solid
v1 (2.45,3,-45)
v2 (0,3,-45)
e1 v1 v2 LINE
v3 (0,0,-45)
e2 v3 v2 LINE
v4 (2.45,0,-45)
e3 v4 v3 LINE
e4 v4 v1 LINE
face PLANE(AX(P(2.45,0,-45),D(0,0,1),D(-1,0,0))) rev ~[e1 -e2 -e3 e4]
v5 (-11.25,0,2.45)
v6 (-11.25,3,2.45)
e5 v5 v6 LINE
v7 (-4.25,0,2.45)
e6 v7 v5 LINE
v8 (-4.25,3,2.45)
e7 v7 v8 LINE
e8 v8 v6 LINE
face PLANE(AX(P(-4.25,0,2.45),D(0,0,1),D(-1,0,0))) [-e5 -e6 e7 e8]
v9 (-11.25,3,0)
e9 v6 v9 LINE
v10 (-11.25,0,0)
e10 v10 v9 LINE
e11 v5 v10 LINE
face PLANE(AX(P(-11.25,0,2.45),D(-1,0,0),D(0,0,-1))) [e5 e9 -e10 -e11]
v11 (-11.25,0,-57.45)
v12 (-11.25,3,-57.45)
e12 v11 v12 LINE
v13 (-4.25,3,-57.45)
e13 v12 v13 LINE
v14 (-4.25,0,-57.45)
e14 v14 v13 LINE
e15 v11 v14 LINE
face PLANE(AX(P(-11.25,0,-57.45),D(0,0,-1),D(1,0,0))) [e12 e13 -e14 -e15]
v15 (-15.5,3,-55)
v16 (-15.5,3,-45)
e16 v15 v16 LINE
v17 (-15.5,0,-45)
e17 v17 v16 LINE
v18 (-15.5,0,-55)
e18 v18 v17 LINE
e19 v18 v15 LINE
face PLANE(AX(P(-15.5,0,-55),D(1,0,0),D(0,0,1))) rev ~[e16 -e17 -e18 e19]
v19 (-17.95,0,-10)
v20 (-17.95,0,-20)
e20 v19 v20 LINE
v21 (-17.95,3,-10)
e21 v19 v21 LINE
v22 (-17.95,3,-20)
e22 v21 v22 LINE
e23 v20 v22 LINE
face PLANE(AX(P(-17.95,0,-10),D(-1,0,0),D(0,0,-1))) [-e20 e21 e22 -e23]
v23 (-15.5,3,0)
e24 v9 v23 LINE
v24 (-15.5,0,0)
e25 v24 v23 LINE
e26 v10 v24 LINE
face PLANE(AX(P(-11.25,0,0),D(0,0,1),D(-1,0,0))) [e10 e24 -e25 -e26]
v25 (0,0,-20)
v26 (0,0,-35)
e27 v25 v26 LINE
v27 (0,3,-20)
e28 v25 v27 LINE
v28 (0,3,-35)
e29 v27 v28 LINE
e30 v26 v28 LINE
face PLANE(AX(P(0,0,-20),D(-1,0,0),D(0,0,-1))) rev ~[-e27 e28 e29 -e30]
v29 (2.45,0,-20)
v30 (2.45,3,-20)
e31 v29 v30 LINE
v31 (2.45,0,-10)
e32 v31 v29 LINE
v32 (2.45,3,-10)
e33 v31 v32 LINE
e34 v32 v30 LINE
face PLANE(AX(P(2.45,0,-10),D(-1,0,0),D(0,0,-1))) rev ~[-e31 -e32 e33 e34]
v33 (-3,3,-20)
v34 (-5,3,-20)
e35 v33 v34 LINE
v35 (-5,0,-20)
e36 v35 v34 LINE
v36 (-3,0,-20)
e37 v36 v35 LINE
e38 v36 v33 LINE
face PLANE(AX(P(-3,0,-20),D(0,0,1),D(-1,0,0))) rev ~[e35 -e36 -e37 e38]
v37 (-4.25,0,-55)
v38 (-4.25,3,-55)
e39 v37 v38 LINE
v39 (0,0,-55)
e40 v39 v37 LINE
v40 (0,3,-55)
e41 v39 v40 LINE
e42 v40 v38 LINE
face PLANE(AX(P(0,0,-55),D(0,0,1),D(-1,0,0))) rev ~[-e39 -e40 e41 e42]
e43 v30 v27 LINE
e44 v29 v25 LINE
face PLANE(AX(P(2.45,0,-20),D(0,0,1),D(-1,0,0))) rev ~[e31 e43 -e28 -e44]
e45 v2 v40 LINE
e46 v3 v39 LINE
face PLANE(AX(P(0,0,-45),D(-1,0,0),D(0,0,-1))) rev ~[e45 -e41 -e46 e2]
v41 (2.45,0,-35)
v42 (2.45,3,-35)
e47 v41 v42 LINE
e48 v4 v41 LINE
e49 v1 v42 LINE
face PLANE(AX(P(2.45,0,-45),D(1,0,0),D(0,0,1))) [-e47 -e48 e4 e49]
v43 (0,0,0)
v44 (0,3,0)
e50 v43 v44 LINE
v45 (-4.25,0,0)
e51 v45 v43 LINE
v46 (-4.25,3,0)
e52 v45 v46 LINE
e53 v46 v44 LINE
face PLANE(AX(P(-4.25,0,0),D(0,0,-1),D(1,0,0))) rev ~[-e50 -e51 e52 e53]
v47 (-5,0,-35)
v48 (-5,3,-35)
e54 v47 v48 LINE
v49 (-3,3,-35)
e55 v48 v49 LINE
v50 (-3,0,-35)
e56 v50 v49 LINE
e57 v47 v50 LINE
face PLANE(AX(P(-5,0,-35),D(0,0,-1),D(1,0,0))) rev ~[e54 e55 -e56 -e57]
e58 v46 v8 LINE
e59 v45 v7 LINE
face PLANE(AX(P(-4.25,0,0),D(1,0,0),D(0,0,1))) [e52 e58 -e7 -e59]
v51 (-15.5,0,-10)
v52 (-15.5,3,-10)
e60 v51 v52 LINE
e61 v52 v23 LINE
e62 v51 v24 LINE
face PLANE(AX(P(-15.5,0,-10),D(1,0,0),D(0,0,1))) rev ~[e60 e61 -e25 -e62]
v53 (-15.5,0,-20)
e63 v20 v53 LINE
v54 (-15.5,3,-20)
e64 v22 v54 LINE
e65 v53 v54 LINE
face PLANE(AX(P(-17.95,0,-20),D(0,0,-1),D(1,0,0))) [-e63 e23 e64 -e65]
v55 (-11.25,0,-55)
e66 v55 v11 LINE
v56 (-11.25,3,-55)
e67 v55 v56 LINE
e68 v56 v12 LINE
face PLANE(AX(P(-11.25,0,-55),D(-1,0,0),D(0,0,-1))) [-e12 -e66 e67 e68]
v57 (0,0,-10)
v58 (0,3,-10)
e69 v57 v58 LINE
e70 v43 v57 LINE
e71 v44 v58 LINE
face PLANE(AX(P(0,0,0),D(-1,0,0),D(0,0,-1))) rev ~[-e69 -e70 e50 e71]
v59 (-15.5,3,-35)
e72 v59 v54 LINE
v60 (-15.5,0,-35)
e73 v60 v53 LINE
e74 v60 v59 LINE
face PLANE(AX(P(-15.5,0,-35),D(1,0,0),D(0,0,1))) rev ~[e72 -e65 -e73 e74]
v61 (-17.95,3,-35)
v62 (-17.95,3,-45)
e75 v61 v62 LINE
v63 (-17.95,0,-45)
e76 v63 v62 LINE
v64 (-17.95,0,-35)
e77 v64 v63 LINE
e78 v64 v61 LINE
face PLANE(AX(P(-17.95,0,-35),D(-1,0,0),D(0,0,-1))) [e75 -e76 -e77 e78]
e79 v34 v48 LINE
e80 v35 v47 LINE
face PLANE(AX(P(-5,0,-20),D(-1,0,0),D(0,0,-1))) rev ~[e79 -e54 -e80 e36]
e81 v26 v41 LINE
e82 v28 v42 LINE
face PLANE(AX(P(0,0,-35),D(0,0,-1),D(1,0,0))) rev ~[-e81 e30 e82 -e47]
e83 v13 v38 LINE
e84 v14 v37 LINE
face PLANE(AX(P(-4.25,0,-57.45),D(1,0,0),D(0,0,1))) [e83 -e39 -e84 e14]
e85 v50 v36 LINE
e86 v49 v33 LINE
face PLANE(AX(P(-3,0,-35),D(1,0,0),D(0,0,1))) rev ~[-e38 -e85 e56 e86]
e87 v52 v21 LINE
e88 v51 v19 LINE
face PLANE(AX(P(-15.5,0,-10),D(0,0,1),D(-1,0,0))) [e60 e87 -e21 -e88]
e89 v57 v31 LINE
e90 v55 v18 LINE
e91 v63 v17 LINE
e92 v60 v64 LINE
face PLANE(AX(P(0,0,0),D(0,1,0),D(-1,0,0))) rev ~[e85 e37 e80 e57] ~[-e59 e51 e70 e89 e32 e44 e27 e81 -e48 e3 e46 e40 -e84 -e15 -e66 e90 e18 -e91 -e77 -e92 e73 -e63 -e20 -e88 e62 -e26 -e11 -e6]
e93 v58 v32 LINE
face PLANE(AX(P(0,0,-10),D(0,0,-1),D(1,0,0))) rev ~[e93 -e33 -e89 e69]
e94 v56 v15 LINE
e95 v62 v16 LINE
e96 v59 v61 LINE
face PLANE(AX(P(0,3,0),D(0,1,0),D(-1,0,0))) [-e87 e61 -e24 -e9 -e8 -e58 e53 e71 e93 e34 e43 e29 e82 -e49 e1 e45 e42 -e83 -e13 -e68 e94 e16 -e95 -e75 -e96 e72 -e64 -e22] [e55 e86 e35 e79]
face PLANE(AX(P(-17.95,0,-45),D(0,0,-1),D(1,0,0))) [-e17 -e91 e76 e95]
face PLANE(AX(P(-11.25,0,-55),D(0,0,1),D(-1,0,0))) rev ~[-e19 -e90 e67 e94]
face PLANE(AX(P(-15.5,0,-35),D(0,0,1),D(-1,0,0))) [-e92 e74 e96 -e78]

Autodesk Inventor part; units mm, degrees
ref_plane "YZ Plane" through (0, 0, 0) normal (1, 0, 0) x (0, 1, 0)
ref_plane "XZ Plane" through (0, 0, 0) normal (0, 1, 0) x (-1, 0, 0)
ref_plane "XY Plane" through (0, 0, 0) normal (0, 0, 1) x (1, 0, 0)
sketch "Sketch1" plane through (0, 0, 0) normal (0, 1, 0) x (-1, 0, 0)
  line L0 (7.75, -19.9274) -> (7.75, -42.3236) construction
  line L1 (13.2323, -27.5) -> (6.4845, -27.5) construction
  line L2 (15.5, -10) -> (17.95, -10)
  line L3 (17.95, -10) -> (17.95, -20)
  line L4 (17.95, -20) -> (15.5, -20)
  line L5 (15.5, -35) -> (17.95, -35)
  line L6 (17.95, -35) -> (17.95, -45)
  line L7 (17.95, -45) -> (15.5, -45)
  line L8 (0, -10) -> (-2.45, -10)
  line L9 (-2.45, -10) -> (-2.45, -20)
  line L10 (-2.45, -20) -> (0, -20)
  line L11 (0, -35) -> (-2.45, -35)
  line L12 (-2.45, -45) -> (0, -45)
  line L13 (-2.45, -45) -> (-2.45, -35)
  line L14 (15.5, -10) -> (15.5, 0)
  line L15 (15.5, -55) -> (15.5, -45)
  line L16 (15.5, -35) -> (15.5, -20)
  line L17 (0, 0) -> (0, -10)
  line L18 (0, -20) -> (0, -35)
  line L19 (0, -45) -> (0, -55)
  line L20 (4.25, 0) -> (0, 0)
  line L21 (0, -55) -> (4.25, -55)
  line L22 (11.25, -55) -> (15.5, -55)
  line L23 (4.25, 0) -> (4.25, 2.45)
  line L24 (4.25, 2.45) -> (11.25, 2.45)
  line L25 (11.25, 2.45) -> (11.25, 0)
  line L26 (11.25, 0) -> (15.5, 0)
  line L27 (11.25, -55) -> (11.25, -57.45)
  line L28 (11.25, -57.45) -> (4.25, -57.45)
  line L29 (4.25, -57.45) -> (4.25, -55)
  line L30 (5, -35) -> (3, -35)
  line L31 (3, -35) -> (3, -20)
  line L32 (3, -20) -> (5, -20)
  line L33 (5, -20) -> (5, -35)
  dimension "d8" = 10
  dimension "d9" = 15
  dimension "d10" = 15.5
  dimension "d17" = 2.45
  dimension "d19" = 7
  dimension "d20" = 55
  dimension "d21" = 3
  dimension "d22" = 15
  dimension "d23" = 2
extrude "Extrusion1" add sketch "Sketch1" along normal blind 3
properties part number "Front_wall"
